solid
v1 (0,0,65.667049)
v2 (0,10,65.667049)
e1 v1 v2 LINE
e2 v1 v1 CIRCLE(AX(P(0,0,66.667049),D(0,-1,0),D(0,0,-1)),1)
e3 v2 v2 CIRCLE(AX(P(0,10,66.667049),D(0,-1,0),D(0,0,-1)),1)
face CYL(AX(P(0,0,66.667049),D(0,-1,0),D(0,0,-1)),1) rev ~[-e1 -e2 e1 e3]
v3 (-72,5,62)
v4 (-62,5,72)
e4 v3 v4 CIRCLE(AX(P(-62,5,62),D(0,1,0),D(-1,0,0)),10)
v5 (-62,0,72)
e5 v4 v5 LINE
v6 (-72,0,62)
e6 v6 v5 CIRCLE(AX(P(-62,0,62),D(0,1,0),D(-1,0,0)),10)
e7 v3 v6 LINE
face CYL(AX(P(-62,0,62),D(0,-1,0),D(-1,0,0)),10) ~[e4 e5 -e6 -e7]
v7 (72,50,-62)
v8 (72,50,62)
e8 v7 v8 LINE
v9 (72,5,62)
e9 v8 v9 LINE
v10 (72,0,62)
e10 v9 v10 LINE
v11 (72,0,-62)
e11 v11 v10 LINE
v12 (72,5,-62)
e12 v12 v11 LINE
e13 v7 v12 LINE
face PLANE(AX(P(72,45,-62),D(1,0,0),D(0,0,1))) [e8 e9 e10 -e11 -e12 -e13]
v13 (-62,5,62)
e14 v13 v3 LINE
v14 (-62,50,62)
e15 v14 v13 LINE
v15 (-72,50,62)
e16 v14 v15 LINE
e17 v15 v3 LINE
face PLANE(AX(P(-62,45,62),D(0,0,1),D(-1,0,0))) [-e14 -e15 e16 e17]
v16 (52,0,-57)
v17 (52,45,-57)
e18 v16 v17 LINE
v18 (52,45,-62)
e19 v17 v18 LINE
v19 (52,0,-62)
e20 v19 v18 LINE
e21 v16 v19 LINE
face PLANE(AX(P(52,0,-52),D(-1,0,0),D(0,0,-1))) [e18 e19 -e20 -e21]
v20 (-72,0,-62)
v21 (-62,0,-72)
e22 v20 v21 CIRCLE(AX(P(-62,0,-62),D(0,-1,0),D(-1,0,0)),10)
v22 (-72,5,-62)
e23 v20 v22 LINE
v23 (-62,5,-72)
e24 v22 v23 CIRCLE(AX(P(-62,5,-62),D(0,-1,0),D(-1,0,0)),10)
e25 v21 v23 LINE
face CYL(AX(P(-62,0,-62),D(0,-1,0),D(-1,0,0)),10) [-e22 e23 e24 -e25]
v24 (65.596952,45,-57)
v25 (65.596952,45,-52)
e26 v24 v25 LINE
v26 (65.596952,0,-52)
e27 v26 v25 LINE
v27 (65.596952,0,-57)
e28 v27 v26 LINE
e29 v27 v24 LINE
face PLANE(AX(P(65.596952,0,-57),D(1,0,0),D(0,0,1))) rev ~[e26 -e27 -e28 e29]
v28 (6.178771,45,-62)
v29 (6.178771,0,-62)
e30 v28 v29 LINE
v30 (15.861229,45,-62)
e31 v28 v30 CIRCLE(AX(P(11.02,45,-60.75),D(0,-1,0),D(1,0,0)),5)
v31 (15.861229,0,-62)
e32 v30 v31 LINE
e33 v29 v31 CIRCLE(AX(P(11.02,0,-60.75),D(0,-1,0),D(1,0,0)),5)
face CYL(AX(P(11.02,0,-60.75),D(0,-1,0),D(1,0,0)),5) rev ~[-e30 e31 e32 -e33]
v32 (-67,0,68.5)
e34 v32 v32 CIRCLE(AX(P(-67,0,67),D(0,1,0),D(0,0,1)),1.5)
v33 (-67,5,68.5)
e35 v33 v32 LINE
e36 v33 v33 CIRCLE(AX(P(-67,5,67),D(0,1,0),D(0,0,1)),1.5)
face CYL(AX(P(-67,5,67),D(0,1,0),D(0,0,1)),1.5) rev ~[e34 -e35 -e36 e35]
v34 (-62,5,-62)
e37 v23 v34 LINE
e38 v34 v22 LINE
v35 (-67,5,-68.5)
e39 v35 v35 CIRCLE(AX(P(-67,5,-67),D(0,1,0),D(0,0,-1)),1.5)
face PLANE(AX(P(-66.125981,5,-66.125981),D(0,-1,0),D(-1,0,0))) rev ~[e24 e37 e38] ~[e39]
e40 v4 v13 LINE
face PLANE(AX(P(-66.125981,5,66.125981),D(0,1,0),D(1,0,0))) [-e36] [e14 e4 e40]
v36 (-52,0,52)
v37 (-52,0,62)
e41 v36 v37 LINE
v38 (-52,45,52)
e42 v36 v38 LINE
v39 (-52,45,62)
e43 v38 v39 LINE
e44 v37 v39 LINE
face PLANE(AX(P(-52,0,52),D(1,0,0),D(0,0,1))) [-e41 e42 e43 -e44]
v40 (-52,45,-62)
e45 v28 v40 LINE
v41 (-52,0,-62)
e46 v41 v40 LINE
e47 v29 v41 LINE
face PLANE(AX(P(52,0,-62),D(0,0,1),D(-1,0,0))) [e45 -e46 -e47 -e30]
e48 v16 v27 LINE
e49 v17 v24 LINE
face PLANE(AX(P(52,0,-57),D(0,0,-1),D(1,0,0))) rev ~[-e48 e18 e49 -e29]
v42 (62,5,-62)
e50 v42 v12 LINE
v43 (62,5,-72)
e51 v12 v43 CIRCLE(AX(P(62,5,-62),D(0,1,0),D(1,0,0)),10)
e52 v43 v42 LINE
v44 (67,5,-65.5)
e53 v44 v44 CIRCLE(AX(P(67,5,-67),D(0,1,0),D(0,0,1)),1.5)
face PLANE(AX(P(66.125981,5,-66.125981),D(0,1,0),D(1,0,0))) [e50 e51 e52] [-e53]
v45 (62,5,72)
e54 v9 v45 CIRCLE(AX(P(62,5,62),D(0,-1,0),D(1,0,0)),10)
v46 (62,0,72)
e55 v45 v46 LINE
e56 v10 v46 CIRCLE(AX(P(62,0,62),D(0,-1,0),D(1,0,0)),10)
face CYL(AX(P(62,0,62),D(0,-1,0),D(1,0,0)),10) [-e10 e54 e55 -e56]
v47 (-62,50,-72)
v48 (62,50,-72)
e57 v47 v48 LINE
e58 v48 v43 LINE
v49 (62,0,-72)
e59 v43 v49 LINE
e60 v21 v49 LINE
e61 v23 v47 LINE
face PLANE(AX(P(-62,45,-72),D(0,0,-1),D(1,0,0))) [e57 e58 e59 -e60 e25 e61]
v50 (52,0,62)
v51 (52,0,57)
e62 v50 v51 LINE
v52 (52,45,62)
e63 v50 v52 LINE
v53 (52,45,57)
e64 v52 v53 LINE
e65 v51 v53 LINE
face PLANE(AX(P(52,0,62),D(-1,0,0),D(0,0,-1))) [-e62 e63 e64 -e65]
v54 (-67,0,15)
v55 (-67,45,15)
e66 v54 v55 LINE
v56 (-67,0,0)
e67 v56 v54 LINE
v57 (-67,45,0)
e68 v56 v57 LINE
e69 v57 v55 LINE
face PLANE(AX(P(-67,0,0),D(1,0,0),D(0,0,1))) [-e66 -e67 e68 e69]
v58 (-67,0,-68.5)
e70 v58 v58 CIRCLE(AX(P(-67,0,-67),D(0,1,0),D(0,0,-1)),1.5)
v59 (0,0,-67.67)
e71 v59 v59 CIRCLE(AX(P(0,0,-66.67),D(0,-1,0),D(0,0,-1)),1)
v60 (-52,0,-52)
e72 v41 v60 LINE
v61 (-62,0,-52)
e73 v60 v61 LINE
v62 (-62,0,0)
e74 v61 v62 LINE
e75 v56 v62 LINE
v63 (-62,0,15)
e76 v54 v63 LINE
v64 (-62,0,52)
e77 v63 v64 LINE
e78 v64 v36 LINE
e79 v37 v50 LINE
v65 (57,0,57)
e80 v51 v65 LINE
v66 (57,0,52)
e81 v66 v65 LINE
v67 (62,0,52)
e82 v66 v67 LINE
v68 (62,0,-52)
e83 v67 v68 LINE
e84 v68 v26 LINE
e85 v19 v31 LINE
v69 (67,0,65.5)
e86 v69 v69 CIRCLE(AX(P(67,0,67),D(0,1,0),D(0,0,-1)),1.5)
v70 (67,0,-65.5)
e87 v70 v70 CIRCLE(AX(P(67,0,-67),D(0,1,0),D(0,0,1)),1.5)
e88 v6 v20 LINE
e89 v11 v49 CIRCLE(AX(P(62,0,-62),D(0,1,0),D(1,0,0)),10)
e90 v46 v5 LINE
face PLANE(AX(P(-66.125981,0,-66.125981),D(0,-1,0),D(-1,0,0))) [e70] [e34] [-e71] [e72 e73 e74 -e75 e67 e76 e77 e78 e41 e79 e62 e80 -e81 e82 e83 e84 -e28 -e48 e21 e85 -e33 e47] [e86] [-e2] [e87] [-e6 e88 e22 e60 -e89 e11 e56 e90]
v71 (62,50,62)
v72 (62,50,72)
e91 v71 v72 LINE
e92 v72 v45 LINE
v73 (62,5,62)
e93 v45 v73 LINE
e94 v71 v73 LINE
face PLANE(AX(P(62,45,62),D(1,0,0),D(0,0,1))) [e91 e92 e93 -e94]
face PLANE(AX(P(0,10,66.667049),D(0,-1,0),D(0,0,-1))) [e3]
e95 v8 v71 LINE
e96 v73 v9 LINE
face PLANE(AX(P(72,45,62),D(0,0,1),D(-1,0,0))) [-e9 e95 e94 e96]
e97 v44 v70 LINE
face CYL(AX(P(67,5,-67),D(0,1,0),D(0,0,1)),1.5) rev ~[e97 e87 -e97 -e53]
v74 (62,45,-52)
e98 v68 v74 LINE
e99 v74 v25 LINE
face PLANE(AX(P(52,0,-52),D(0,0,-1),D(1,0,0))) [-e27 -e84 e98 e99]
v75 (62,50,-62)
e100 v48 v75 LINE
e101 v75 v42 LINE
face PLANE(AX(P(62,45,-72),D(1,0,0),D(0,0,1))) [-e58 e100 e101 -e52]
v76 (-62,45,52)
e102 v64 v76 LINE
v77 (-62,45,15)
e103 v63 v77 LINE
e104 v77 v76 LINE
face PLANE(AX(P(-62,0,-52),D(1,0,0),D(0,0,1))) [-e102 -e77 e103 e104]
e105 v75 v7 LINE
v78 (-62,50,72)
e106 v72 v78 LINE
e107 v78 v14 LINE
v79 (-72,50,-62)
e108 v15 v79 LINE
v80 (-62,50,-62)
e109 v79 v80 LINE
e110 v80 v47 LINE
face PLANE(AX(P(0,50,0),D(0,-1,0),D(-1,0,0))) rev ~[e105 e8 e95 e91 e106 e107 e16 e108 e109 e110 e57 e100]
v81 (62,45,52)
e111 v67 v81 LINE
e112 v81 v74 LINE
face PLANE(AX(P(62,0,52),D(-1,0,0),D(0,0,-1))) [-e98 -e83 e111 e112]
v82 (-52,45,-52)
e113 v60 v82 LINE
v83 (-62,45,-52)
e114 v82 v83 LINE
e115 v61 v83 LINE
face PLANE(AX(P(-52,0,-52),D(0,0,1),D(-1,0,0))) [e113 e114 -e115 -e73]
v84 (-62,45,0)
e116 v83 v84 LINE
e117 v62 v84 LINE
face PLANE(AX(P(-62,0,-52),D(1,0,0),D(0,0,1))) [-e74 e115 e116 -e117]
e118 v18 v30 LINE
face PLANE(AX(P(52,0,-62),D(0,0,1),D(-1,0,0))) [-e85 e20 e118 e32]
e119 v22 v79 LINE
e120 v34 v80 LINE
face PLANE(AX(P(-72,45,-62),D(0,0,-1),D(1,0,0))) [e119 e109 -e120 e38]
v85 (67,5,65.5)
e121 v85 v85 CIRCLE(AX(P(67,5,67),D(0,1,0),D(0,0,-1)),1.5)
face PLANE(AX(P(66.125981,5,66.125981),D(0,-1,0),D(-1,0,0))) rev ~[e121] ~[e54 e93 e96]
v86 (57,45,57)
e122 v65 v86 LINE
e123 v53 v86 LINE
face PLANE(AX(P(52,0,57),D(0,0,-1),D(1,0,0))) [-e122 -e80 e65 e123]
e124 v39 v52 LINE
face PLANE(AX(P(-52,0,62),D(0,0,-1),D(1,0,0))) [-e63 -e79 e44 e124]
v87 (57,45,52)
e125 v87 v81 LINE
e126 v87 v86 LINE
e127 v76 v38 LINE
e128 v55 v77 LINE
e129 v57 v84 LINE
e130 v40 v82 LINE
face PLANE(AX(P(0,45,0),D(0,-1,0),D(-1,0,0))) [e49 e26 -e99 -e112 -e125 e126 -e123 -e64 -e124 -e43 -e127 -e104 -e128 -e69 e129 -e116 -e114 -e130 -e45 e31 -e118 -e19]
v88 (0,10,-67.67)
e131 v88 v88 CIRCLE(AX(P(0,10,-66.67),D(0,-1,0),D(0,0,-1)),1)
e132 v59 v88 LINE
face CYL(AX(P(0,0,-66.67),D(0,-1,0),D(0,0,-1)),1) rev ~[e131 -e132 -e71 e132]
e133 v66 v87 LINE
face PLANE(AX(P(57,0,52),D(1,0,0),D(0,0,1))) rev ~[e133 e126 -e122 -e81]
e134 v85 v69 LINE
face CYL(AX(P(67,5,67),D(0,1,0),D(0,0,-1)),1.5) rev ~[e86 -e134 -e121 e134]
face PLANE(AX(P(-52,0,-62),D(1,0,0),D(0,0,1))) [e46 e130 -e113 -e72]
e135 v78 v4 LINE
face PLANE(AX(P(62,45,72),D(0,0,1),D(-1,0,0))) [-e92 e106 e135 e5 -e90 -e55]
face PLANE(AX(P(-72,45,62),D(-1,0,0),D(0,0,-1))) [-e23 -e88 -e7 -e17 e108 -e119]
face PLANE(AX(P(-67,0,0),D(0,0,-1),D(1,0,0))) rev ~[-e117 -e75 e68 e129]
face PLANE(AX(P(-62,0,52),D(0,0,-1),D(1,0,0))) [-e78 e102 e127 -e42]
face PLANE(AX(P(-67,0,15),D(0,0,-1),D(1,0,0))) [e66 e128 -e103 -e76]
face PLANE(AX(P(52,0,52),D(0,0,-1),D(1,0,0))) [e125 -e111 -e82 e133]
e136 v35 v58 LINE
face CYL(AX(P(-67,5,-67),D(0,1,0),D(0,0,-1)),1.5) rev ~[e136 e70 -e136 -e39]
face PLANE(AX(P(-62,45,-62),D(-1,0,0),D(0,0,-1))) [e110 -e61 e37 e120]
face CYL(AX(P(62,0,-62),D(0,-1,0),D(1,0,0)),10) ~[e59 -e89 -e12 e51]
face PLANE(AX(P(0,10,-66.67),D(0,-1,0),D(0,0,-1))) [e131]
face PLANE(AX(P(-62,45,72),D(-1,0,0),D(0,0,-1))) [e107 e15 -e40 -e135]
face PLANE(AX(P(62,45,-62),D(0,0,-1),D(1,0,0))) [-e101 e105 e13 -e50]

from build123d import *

# Parameters (mm, degrees)
BOSS_EXTRUDE1_DEPTH = 45
BOSS_EXTRUDE2_DEPTH = 5
SKETCH4_W           = 5
SKETCH4_H           = 5
SKETCH4_H_2         = 15
SKETCH4_W_2         = 13.596951961
CUT_EXTRUDE2_DEPTH  = 45
SKETCH5_R           = 5
CUT_EXTRUDE3_DEPTH  = 45
SKETCH6_R           = 1
CUT_EXTRUDE4_DEPTH  = 10
BOSS_EXTRUDE3_DEPTH = 5
SKETCH9_R           = 1.5
CUT_EXTRUDE5_DEPTH  = 5


with BuildPart() as part:
    # Sketch1 → Boss-Extrude1 (new body)
    with BuildSketch(Plane(origin=(0, 0, 0), x_dir=(1, 0, 0), z_dir=(0, 1, 0))):
        Polygon((-62, 72), (62, 72), (62, 62), (72, 62), (72, -62), (62, -62), (62, -72), (-62, -72), (-62, -62), (-72, -62), (-72, 62), (-62, 62), align=None)
        Polygon((-62, 52), (-62, -52), (-52, -52), (-52, -62), (52, -62), (52, -52), (62, -52), (62, 52), (52, 52), (52, 62), (-52, 62), (-52, 52), align=None, mode=Mode.SUBTRACT)
    extrude(amount=BOSS_EXTRUDE1_DEPTH)

    # Sketch2 → Boss-Extrude2 (add)
    with BuildSketch(Plane(origin=(0, 45, 0), x_dir=(1, 0, 0), z_dir=(0, 1, 0))):
        Polygon((-62, 72), (62, 72), (62, 62), (72, 62), (72, -62), (62, -62), (62, -72), (-62, -72), (-62, -62), (-72, -62), (-72, 62), (-62, 62), align=None)
    extrude(amount=BOSS_EXTRUDE2_DEPTH)

    # Sketch4 → Cut-Extrude2 (cut)
    with BuildSketch(Plane.XZ):
        with Locations((54.5, 54.5)):
            Rectangle(SKETCH4_W, SKETCH4_H)
        with Locations((-64.5, 7.5)):
            Rectangle(SKETCH4_W, SKETCH4_H_2)
        with Locations((58.798475981, -54.5)):
            Rectangle(SKETCH4_W_2, SKETCH4_H)
    extrude(amount=-CUT_EXTRUDE2_DEPTH, mode=Mode.SUBTRACT)

    # Sketch5 → Cut-Extrude3 (cut)
    with BuildSketch(Plane.XZ):
        with Locations((11.02, -60.75)):
            Circle(SKETCH5_R)
    extrude(amount=-CUT_EXTRUDE3_DEPTH, mode=Mode.SUBTRACT)

    # Sketch6 → Cut-Extrude4 (cut)
    with BuildSketch(Plane.XZ):
        with Locations(Location((0, 66.667049072, 0), (0, 0, 270))):
            Circle(SKETCH6_R)
        with Locations(Location((0, -66.67, 0), (0, 0, 270))):
            Circle(SKETCH6_R)
    extrude(amount=-CUT_EXTRUDE4_DEPTH, mode=Mode.SUBTRACT)

    # Sketch8 → Boss-Extrude3 (add)
    with BuildSketch(Plane(origin=(0, 0, 0), x_dir=(-1, 0, 0), z_dir=(0, -1, 0))):
        with BuildLine():
            Line((62, 72), (62, 62))
            Line((62, 62), (72, 62))
            ThreePointArc((72, 62), (69.071067812, 69.071067812), (62, 72))
        make_face()
        with BuildLine():
            Line((62, -72), (62, -62))
            Line((62, -62), (72, -62))
            ThreePointArc((72, -62), (69.071067812, -69.071067812), (62, -72))
        make_face()
        with BuildLine():
            Line((-62, -62), (-72, -62))
            ThreePointArc((-72, -62), (-69.071067812, -69.071067812), (-62, -72))
            Line((-62, -72), (-62, -62))
        make_face()
        with BuildLine():
            Line((-62, 62), (-72, 62))
            ThreePointArc((-72, 62), (-69.071067812, 69.071067812), (-62, 72))
            Line((-62, 72), (-62, 62))
        make_face()
    extrude(amount=-BOSS_EXTRUDE3_DEPTH)

    # Sketch9 → Cut-Extrude5 (cut)
    with BuildSketch(Plane(origin=(0, 5, 0), x_dir=(1, 0, 0), z_dir=(0, 1, 0))):
        with Locations(Location((-67, -67, 0), (0, 0, 270))):
            Circle(SKETCH9_R)
        with Locations(Location((67, -67, 0), (0, 0, 90))):
            Circle(SKETCH9_R)
        with Locations(Location((67, 67, 0), (0, 0, 270))):
            Circle(SKETCH9_R)
        with Locations(Location((-67, 67, 0), (0, 0, 90))):
            Circle(SKETCH9_R)
    extrude(amount=-CUT_EXTRUDE5_DEPTH, mode=Mode.SUBTRACT)


solid = part.part
